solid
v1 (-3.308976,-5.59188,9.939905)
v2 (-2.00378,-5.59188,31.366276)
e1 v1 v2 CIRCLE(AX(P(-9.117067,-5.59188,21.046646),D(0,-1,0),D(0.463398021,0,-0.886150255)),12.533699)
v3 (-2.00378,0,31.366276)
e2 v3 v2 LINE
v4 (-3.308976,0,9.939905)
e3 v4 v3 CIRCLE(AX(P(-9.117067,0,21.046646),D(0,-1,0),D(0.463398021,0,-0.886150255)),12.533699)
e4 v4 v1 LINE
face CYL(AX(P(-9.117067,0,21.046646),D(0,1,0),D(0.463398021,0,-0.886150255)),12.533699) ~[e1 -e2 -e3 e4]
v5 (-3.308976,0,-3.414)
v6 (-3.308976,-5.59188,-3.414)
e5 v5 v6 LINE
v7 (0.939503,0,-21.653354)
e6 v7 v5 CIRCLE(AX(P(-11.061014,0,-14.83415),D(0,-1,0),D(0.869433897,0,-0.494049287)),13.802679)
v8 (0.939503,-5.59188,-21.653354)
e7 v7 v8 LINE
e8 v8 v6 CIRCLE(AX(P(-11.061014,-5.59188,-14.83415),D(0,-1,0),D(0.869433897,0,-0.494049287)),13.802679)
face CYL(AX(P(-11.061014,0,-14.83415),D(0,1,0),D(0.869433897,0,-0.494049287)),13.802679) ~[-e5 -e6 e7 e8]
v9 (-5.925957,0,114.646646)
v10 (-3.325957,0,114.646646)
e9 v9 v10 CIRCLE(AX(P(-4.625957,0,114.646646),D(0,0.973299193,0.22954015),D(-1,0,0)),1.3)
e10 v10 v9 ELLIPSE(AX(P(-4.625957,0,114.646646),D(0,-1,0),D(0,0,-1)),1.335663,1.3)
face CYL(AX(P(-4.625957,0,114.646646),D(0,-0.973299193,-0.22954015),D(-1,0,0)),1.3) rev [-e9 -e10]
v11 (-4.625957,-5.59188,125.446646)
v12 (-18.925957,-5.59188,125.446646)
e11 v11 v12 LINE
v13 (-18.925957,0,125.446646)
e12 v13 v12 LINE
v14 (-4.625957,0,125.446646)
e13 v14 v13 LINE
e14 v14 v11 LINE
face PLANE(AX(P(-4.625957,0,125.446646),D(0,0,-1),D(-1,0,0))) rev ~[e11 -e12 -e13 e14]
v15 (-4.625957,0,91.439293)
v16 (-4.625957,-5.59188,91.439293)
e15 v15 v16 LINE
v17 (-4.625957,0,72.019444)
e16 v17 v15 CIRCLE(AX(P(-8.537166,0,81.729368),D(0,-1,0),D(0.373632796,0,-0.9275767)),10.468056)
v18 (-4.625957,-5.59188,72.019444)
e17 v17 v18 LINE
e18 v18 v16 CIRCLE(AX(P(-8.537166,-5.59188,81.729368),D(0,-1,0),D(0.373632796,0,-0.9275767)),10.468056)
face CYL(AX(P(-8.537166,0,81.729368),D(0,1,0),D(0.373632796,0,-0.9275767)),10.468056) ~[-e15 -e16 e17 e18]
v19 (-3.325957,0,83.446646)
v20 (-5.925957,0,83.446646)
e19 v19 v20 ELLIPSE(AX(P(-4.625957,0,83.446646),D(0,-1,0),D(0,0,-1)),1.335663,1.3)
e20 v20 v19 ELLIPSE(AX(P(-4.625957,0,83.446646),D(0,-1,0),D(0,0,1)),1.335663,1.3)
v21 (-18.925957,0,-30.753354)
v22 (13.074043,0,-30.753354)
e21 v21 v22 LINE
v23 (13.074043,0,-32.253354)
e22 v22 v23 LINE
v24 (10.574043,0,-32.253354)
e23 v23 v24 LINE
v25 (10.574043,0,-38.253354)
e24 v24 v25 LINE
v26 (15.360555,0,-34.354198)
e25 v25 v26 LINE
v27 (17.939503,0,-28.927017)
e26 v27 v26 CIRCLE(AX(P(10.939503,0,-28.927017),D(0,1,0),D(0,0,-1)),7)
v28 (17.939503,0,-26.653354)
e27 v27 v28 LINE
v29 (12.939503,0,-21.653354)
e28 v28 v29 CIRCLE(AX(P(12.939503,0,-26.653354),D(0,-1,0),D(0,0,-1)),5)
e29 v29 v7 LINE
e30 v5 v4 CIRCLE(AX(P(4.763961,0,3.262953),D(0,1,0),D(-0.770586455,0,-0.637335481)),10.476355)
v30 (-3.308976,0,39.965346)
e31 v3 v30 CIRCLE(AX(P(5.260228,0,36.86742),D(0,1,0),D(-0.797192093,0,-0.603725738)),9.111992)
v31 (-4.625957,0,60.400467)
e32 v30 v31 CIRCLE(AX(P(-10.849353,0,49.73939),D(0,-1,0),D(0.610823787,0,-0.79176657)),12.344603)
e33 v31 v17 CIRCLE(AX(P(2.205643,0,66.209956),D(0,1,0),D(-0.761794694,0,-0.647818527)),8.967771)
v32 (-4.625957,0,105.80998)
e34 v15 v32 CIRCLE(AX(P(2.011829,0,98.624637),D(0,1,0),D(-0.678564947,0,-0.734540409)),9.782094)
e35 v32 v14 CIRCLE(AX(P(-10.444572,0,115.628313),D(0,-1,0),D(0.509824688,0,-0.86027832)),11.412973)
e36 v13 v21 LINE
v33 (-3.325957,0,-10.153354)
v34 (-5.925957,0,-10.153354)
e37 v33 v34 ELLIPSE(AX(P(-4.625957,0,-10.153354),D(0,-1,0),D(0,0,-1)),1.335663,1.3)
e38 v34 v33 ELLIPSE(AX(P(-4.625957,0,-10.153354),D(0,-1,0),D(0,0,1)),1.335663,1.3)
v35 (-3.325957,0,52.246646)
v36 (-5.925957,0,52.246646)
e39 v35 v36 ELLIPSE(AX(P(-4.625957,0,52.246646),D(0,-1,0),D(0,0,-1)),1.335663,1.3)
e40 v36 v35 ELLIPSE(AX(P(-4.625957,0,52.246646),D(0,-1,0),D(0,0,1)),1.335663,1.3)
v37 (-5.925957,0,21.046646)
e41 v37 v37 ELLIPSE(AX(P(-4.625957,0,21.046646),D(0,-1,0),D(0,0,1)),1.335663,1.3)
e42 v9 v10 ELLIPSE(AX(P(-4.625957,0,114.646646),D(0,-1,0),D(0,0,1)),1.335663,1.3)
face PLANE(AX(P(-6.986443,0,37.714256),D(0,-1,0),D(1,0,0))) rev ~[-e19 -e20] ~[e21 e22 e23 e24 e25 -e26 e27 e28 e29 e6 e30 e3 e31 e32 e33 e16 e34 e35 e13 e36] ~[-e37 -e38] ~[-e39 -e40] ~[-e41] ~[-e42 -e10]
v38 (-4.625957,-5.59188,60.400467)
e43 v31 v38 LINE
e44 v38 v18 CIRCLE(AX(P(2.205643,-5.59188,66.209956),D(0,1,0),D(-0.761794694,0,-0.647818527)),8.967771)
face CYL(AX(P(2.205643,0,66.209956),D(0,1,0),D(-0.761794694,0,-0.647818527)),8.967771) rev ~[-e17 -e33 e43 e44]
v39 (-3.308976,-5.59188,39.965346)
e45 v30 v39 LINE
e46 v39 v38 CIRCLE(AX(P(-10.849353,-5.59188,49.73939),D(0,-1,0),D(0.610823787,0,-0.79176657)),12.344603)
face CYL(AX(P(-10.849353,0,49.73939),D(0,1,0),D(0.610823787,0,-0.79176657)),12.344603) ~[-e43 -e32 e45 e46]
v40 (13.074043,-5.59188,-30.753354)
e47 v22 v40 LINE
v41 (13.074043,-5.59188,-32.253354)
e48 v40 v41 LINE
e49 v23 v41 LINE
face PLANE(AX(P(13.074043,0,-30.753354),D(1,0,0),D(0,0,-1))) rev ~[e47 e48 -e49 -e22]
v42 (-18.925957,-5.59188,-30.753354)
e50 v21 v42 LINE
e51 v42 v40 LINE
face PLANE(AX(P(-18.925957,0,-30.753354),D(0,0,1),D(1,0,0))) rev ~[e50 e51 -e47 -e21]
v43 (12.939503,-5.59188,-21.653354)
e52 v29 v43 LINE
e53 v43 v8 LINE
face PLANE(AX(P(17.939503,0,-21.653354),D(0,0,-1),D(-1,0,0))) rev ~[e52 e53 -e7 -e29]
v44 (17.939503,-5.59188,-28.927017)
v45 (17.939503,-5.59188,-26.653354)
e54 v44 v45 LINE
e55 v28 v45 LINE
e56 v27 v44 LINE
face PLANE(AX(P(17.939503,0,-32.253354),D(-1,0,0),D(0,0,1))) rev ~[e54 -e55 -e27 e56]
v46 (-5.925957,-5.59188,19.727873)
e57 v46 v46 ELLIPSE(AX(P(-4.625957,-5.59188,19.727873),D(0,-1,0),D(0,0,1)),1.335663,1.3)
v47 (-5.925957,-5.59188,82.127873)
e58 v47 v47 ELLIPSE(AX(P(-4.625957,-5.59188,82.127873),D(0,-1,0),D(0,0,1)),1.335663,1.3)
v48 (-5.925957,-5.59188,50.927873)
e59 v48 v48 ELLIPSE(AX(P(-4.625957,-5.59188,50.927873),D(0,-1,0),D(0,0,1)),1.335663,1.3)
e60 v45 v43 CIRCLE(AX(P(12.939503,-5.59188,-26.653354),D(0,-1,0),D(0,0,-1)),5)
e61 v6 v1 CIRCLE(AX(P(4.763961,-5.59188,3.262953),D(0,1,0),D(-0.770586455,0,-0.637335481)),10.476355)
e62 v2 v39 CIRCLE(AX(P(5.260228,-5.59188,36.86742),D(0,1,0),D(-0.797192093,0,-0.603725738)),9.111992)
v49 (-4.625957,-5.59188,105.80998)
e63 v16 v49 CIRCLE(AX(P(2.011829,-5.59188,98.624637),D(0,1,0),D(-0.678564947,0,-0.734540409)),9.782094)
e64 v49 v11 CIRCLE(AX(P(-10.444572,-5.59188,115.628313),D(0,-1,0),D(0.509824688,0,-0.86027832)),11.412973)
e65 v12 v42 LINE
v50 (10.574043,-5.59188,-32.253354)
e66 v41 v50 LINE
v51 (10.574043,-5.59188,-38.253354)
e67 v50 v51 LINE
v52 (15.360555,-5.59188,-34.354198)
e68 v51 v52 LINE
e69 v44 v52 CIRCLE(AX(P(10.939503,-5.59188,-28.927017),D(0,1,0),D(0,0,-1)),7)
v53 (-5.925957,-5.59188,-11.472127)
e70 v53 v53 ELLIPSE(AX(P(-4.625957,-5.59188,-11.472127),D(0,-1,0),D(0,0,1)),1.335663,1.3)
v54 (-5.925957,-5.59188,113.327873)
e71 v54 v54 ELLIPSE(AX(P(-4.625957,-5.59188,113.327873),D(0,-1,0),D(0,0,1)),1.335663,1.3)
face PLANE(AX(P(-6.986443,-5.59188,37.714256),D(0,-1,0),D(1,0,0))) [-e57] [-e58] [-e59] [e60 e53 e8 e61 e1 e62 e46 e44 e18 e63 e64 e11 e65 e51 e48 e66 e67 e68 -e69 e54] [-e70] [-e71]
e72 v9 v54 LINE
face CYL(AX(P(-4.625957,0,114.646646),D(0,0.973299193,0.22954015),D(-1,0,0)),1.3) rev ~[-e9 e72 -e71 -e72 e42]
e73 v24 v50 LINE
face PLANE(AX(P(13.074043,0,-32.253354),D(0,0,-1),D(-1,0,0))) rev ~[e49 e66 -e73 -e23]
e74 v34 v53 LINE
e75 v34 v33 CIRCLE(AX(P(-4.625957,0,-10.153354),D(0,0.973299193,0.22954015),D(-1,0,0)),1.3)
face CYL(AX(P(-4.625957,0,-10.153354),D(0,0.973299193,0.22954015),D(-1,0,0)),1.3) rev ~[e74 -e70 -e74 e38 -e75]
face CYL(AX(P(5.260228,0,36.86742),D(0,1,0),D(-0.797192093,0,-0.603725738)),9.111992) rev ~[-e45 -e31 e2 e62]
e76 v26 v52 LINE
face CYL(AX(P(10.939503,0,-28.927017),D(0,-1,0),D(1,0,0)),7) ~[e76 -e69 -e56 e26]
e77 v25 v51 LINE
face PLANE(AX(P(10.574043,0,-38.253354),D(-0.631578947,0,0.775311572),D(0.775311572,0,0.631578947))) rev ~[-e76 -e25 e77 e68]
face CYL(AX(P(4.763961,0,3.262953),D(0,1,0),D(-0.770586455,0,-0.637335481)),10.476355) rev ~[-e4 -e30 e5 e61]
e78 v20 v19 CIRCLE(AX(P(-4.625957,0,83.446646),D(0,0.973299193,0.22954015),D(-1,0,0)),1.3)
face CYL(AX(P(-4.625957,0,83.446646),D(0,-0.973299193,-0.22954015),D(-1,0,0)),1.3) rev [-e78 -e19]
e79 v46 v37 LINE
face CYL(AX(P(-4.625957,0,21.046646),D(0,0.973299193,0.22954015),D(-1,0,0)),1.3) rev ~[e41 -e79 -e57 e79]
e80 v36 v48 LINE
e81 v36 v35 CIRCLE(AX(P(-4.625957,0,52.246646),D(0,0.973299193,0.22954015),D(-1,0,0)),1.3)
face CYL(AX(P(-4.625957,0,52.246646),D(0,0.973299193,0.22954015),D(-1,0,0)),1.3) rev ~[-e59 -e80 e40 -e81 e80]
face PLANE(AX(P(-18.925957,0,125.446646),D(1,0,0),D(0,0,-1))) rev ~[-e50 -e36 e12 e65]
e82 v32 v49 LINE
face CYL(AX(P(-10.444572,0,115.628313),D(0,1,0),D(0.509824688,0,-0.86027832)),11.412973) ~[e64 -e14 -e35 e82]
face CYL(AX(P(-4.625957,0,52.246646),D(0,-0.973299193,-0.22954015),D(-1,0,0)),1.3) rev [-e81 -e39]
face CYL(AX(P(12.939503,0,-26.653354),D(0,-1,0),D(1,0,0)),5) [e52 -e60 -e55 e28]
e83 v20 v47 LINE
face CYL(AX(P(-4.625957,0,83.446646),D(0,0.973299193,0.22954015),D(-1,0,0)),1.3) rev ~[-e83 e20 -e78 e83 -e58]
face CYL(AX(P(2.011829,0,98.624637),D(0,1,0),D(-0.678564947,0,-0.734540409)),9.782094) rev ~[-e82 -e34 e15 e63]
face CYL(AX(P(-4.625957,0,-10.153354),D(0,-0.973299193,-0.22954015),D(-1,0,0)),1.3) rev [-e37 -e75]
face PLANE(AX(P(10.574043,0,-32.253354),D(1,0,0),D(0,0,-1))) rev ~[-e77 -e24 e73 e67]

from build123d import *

# Parameters (mm, degrees)
F11_DEPTH = 5.59188
F6_R      = 1.3
F10_R     = 1.3
F9_R      = 1.3
F8_R      = 1.3
F7_R      = 1.3
F12_DEPTH = 12.5
F13_R     = 5
F14_R     = 7


with BuildPart() as f11:
    # F0 (on Front) → F11 (new body)
    with BuildSketch(Plane.XZ):
        with BuildLine():
            Line((-4.6259572574, 125.4466459383), (-18.9259572574, 125.4466459383))
            Line((-18.9259572574, 125.4466459383), (-18.9259572574, -30.7533540617))
            Line((-18.9259572574, -30.7533540617), (13.0740427426, -30.7533540617))
            Line((13.0740427426, -30.7533540617), (13.0740427426, -32.2533540617))
            Line((13.0740427426, -32.2533540617), (10.5740427426, -32.2533540617))
            Line((10.5740427426, -32.2533540617), (10.5740427426, -38.2533540617))
            Line((10.5740427426, -38.2533540617), (17.9395026739, -32.2533540617))
            Line((17.9395026739, -32.2533540617), (17.9395026739, -21.6533540617))
            Line((17.9395026739, -21.6533540617), (0.9395026739, -21.6533540617))
            ThreePointArc((0.9395026739, -21.6533540617), (2.3818043878, -11.7029252546), (-3.3089759276, -3.413999686))
            ThreePointArc((-3.3089759276, -3.413999686), (-5.7123935665, 3.262952785), (-3.3089759276, 9.939905256))
            ThreePointArc((-3.3089759276, 9.939905256), (3.3934420485, 20.2845633982), (-2.0037802352, 31.3662758301))
            ThreePointArc((-2.0037802352, 31.3662758301), (-3.7485817849, 35.5000324433), (-3.3089759276, 39.9653457441))
            ThreePointArc((-3.3089759276, 39.9653457441), (1.4696935081, 50.5333149606), (-4.6259572574, 60.4004673705))
            ThreePointArc((-4.6259572574, 60.4004673705), (-6.7621279189, 66.2099556499), (-4.6259572574, 72.0194439292))
            ThreePointArc((-4.6259572574, 72.0194439292), (1.9308894563, 81.7293683887), (-4.6259572574, 91.4392928481))
            ThreePointArc((-4.6259572574, 91.4392928481), (-7.770265303, 98.6246365011), (-4.6259572574, 105.809980154))
            ThreePointArc((-4.6259572574, 105.809980154), (0.9684001504, 115.6283130462), (-4.6259572574, 125.4466459383))
        make_face()
    extrude(amount=F11_DEPTH)

    # F6 (on line) + F10 (on line) + F9 (on line) + F8 (on line) + F7 (on line) → F12 (cut, symmetric)
    with BuildSketch(Plane(origin=(0, -2.2683734534, -0.5349668297), x_dir=(-1, 0, 0), z_dir=(0, 0.9732991931, 0.2295401504))):
        with Locations((4.6259572574, -9.8822513158)):
            Circle(F6_R)
    with BuildSketch(Plane(origin=(0, 25.6133496961, 6.0405805155), x_dir=(-1, 0, 0), z_dir=(0, 0.9732991931, 0.2295401504))):
        with Locations((4.6259572574, 111.5854879869)):
            Circle(F10_R)
    with BuildSketch(Plane(origin=(0, 18.6429189088, 4.3966936792), x_dir=(-1, 0, 0), z_dir=(0, 0.9732991931, 0.2295401504))):
        with Locations((4.6259572574, 81.2185531612)):
            Circle(F9_R)
    with BuildSketch(Plane(origin=(0, 11.6724881214, 2.7528068429), x_dir=(-1, 0, 0), z_dir=(0, 0.9732991931, 0.2295401504))):
        with Locations((4.6259572574, 50.8516183356)):
            Circle(F8_R)
    with BuildSketch(Plane(origin=(0, 4.702057334, 1.1089200066), x_dir=(-1, 0, 0), z_dir=(0, 0.9732991931, 0.2295401504))):
        with Locations((4.6259572574, 20.4846835099)):
            Circle(F7_R)
    extrude(amount=F12_DEPTH, both=True, mode=Mode.SUBTRACT)

    # F13
    f13_edges = [f11.edges().sort_by_distance(p)[0] for p in [
        (17.939503, -2.79594, -21.653354),
    ]]
    fillet(f13_edges, radius=F13_R)

    # F14
    f14_edges = [f11.edges().sort_by_distance(p)[0] for p in [
        (17.939503, -2.79594, -32.253354),
    ]]
    fillet(f14_edges, radius=F14_R)


solid = f11.part
